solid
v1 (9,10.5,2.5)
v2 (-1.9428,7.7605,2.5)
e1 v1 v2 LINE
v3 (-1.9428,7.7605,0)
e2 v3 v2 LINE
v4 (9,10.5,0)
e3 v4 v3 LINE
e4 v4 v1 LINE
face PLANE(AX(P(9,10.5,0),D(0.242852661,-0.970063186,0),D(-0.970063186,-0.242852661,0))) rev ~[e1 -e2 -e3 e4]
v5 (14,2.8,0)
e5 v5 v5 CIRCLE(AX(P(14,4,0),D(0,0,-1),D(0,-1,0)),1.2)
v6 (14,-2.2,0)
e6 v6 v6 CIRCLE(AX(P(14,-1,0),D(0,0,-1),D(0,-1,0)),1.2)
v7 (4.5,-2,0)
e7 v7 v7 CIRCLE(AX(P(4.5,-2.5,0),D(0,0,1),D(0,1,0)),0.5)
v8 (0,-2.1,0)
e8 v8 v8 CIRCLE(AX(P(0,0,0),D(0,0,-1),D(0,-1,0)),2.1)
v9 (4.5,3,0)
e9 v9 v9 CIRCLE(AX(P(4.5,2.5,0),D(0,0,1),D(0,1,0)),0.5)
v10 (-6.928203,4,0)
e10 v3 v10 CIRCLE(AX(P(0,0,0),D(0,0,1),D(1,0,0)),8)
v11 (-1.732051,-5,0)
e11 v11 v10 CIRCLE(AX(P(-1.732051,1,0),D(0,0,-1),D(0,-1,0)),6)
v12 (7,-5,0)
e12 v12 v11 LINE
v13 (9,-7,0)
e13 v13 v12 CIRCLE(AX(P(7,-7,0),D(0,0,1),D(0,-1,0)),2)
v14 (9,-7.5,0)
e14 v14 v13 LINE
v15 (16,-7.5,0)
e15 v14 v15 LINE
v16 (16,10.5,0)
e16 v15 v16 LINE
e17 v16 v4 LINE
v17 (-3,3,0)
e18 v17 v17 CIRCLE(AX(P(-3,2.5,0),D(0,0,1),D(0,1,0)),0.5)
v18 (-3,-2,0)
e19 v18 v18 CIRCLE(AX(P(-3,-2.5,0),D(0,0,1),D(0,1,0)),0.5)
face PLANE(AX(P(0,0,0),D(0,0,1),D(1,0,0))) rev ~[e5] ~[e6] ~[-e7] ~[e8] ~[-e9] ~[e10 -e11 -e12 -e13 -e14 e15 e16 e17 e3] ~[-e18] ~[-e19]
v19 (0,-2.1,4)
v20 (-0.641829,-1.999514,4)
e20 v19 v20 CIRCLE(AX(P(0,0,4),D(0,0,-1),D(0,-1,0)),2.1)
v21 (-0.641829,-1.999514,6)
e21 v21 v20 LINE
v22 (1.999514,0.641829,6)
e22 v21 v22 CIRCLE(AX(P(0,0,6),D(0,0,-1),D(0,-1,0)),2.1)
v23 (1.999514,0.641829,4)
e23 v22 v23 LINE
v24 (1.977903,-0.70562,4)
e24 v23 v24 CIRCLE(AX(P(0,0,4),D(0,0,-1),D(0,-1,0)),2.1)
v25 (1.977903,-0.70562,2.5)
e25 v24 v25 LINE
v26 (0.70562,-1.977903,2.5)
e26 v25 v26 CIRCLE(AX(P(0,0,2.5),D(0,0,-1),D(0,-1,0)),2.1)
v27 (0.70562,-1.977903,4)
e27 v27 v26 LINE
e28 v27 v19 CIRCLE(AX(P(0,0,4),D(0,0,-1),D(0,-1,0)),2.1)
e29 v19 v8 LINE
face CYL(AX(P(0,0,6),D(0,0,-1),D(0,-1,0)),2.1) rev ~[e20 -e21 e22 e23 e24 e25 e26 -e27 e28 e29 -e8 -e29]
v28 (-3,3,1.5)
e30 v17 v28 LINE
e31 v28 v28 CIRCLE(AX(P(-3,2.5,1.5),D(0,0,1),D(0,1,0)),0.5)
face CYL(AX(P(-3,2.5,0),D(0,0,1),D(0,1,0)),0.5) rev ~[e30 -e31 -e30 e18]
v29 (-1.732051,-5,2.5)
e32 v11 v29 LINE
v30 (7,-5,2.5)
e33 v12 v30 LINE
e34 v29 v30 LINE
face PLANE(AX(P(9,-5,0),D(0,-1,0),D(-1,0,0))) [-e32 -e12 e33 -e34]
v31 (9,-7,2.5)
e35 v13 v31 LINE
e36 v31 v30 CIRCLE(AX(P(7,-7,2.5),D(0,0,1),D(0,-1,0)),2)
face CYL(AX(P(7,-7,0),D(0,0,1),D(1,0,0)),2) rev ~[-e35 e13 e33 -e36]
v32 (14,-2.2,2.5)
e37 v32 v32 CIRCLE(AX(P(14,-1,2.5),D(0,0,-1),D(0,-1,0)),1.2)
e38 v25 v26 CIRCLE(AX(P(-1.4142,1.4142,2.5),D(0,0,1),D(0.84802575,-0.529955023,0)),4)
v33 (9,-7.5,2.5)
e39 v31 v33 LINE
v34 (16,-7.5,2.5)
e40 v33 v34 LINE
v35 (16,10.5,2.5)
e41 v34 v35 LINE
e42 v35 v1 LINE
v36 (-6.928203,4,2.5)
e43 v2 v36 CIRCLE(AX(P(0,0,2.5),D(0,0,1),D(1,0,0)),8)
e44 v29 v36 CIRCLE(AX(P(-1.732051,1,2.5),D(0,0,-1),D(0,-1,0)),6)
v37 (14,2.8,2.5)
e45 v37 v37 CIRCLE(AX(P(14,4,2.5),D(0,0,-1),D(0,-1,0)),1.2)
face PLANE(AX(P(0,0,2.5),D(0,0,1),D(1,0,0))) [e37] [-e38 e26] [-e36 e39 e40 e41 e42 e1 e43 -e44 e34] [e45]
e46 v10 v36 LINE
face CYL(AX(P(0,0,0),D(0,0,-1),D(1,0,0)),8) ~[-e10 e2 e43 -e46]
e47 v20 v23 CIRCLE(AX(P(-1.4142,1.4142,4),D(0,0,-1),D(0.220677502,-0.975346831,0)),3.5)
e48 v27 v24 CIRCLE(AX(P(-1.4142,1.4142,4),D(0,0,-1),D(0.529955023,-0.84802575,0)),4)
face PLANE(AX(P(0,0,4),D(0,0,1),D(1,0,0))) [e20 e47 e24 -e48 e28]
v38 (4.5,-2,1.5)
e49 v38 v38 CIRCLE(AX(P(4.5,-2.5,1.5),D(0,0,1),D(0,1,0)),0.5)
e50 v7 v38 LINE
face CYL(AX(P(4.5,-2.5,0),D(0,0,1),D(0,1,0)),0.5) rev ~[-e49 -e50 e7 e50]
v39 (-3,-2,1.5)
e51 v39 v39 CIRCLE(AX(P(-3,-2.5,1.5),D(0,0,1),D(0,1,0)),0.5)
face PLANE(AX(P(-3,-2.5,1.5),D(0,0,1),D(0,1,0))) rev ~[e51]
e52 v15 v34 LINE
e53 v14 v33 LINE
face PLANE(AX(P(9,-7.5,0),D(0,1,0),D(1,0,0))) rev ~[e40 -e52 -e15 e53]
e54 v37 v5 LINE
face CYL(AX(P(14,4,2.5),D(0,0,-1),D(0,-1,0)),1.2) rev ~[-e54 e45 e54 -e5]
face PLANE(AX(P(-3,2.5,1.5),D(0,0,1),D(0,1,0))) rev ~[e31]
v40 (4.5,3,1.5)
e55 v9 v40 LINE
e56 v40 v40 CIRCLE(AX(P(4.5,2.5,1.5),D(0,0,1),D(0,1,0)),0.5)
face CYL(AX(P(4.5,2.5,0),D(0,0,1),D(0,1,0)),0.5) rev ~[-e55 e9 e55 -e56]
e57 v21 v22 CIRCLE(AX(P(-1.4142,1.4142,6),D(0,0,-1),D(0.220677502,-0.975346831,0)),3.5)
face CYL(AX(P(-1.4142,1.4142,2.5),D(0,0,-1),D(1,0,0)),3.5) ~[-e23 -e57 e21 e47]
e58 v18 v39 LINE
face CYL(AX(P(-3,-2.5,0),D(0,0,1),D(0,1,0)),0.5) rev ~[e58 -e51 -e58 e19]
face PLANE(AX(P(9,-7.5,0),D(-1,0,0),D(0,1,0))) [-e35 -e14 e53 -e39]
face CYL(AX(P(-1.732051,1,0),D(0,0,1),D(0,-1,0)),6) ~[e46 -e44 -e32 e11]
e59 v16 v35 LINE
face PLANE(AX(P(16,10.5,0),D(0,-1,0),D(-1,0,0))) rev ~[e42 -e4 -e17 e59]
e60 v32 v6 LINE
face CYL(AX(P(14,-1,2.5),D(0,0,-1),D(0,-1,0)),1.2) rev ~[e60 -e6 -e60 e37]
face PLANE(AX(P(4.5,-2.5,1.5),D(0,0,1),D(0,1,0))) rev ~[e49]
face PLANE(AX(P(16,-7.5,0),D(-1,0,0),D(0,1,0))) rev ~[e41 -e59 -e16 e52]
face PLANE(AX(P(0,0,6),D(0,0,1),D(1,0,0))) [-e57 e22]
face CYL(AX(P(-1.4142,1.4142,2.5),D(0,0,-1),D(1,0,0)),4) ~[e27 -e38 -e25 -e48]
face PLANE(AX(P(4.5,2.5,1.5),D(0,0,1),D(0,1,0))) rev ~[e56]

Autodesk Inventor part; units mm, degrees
ref_plane "YZ Plane" through (0, 0, 0) normal (1, 0, 0) x (0, 1, 0)
ref_plane "XZ Plane" through (0, 0, 0) normal (0, 1, 0) x (-1, 0, 0)
ref_plane "XY Plane" through (0, 0, 0) normal (0, 0, 1) x (1, 0, 0)
sketch "MCP joint" plane through (0, 0, 0) normal (0, 0, 1) x (1, 0, 0)
  point P0 (0, 0)
  point P1 (0, 0)
sketch "Sketch2" plane through (0, 0, 0) normal (0, 0, 1) x (1, 0, 0)
  line L0 (9, -7.5) -> (16, -7.5)
  line L1 (16, -7.5) -> (16, 10.5)
  line L2 (16, 10.5) -> (9, 10.5)
  circle A0 centre (0, 0) radius 8
  line L3 (9, 10.5) -> (-1.9428, 7.7605)
  line L4 (9, -7.5) -> (0.4552, -7.987)
  point P0 (16, 1.5)
  point P1 (3.5, 1.5)
  point P2 (16, 1.5)
  dimension "d0" = 18
  dimension "d3" = 16
  dimension "d94" = 1.5
  dimension "d95" = 16
  dimension "d96" = 9
  dimension "d97" = 9
extrude "base" add sketch "Sketch2" along normal blind 2.5
sketch "Sketch3" plane through (0, 0, 2.5) normal (0, 0, 1) x (1, 0, 0)
  point P0 (0, 0)
  point P1 (0, 0)
hole "bearing pocket" at (0, 0, 2.5) direction (0, 0, -1) diameter 4 end through all
sketch "Sketch13" plane through (0, 0, 0) normal (0, 0, -1) x (-1, 0, 0)
  line L0 (-9, -7.5) -> (-9, -5)
  arc A0 (-0.4552, -7.987) -> (1.9428, 7.7605) centre (0, 0) ccw projected
  line L1 (-9, -5) -> (6.245, -5)
  line L2 (-0.4552, -7.987) -> (-9, -7.5) projected
  dimension "d76" = 2.5
extrude "bottom cutout" cut sketch "Sketch13" against normal through all
fillet "Fillet2" radius 2 1 edges at (9, -5, 1.25)
fillet "Fillet4" radius 6 1 edges at (-6.245, -5, 1.25)
sketch "Sketch7" plane through (0, 0, 0) normal (0, 0, -1) x (-1, 0, 0)
  line L0 (3, 2.5) -> (-4.5, 2.5) construction
  line L1 (-4.5, 2.5) -> (-4.5, -2.5) construction
  line L2 (-4.5, -2.5) -> (3, -2.5) construction
  line L3 (3, -2.5) -> (3, 2.5) construction
  line L4 (3, 2.5) -> (-4.5, -2.5) construction
  line L5 (-4.5, 2.5) -> (3, -2.5) construction
  point P0 (0, 0)
  point P1 (-0.75, 0)
  point P2 (0, 0)
  point P3 (-0.75, 0)
  dimension "d34" = 3
  dimension "d35" = 4.5
  dimension "d36" = 5
hole "potentiometer pins" at (-3, 2.5, 0) at (-3, -2.5, 0) at (4.5, -2.5, 0) at (4.5, 2.5, 0) direction (0, 0, 1) diameter 1 depth 1.5
sketch "Sketch8" plane through (0, 0, 2.5) normal (0, 0, 1) x (1, 0, 0)
  line L0 (8.1428, 0) -> (0, 0) construction
  line L1 (0, 0) -> (-8.8782, 8.8782) construction
  circle A0 centre (-1.4142, 1.4142) radius 3.5
  dimension "d45" = 2
  dimension "d46" = 7
  dimension "d59" = 45
extrude "bearing" add sketch "Sketch8" along normal blind 3.5
sketch "Sketch10" plane through (0, 0, 2.5) normal (0, 0, 1) x (1, 0, 0)
  circle A0 centre (-1.4142, 1.4142) radius 3.5 projected
  circle A1 centre (-1.4142, 1.4142) radius 4
  point P0 (0, 0)
  point P1 (1.0607, -1.0607)
  dimension "d56" = 8
extrude "bearing spacer" add sketch "Sketch10" along normal blind 1.5
sketch "Sketch11" plane through (-1.4142, 1.4142, 6) normal (0, 0, 1) x (1, 0, 0)
  point P0 (1.4142, -1.4142)
  point P1 (1.4142, -1.4142)
hole "Hole4" at (0, 0, 6) direction (0, 0, -1) diameter 4.2 end through all
sketch "Sketch12" plane through (0, 0, 2.5) normal (0, 0, 1) x (1, 0, 0)
  point P0 (0, 0)
  point P1 (14, 4)
  point P2 (14, -1)
  point P3 (0, 0)
  dimension "d88" = 14
  dimension "d89" = 14
  dimension "d90" = 4
  dimension "d91" = 1
hole "mounting" at (14, 4, 2.5) at (14, -1, 2.5) direction (0, 0, -1) diameter 2.4 end through all
equation "\"d45\" = MCP_spring_arm"
equation "\"MCP_spring_arm\" = F5_MCP_spring_arm"
equation "\"F5_MCP_spring_arm\" = 2"
properties part number "MCP mount M F5"
